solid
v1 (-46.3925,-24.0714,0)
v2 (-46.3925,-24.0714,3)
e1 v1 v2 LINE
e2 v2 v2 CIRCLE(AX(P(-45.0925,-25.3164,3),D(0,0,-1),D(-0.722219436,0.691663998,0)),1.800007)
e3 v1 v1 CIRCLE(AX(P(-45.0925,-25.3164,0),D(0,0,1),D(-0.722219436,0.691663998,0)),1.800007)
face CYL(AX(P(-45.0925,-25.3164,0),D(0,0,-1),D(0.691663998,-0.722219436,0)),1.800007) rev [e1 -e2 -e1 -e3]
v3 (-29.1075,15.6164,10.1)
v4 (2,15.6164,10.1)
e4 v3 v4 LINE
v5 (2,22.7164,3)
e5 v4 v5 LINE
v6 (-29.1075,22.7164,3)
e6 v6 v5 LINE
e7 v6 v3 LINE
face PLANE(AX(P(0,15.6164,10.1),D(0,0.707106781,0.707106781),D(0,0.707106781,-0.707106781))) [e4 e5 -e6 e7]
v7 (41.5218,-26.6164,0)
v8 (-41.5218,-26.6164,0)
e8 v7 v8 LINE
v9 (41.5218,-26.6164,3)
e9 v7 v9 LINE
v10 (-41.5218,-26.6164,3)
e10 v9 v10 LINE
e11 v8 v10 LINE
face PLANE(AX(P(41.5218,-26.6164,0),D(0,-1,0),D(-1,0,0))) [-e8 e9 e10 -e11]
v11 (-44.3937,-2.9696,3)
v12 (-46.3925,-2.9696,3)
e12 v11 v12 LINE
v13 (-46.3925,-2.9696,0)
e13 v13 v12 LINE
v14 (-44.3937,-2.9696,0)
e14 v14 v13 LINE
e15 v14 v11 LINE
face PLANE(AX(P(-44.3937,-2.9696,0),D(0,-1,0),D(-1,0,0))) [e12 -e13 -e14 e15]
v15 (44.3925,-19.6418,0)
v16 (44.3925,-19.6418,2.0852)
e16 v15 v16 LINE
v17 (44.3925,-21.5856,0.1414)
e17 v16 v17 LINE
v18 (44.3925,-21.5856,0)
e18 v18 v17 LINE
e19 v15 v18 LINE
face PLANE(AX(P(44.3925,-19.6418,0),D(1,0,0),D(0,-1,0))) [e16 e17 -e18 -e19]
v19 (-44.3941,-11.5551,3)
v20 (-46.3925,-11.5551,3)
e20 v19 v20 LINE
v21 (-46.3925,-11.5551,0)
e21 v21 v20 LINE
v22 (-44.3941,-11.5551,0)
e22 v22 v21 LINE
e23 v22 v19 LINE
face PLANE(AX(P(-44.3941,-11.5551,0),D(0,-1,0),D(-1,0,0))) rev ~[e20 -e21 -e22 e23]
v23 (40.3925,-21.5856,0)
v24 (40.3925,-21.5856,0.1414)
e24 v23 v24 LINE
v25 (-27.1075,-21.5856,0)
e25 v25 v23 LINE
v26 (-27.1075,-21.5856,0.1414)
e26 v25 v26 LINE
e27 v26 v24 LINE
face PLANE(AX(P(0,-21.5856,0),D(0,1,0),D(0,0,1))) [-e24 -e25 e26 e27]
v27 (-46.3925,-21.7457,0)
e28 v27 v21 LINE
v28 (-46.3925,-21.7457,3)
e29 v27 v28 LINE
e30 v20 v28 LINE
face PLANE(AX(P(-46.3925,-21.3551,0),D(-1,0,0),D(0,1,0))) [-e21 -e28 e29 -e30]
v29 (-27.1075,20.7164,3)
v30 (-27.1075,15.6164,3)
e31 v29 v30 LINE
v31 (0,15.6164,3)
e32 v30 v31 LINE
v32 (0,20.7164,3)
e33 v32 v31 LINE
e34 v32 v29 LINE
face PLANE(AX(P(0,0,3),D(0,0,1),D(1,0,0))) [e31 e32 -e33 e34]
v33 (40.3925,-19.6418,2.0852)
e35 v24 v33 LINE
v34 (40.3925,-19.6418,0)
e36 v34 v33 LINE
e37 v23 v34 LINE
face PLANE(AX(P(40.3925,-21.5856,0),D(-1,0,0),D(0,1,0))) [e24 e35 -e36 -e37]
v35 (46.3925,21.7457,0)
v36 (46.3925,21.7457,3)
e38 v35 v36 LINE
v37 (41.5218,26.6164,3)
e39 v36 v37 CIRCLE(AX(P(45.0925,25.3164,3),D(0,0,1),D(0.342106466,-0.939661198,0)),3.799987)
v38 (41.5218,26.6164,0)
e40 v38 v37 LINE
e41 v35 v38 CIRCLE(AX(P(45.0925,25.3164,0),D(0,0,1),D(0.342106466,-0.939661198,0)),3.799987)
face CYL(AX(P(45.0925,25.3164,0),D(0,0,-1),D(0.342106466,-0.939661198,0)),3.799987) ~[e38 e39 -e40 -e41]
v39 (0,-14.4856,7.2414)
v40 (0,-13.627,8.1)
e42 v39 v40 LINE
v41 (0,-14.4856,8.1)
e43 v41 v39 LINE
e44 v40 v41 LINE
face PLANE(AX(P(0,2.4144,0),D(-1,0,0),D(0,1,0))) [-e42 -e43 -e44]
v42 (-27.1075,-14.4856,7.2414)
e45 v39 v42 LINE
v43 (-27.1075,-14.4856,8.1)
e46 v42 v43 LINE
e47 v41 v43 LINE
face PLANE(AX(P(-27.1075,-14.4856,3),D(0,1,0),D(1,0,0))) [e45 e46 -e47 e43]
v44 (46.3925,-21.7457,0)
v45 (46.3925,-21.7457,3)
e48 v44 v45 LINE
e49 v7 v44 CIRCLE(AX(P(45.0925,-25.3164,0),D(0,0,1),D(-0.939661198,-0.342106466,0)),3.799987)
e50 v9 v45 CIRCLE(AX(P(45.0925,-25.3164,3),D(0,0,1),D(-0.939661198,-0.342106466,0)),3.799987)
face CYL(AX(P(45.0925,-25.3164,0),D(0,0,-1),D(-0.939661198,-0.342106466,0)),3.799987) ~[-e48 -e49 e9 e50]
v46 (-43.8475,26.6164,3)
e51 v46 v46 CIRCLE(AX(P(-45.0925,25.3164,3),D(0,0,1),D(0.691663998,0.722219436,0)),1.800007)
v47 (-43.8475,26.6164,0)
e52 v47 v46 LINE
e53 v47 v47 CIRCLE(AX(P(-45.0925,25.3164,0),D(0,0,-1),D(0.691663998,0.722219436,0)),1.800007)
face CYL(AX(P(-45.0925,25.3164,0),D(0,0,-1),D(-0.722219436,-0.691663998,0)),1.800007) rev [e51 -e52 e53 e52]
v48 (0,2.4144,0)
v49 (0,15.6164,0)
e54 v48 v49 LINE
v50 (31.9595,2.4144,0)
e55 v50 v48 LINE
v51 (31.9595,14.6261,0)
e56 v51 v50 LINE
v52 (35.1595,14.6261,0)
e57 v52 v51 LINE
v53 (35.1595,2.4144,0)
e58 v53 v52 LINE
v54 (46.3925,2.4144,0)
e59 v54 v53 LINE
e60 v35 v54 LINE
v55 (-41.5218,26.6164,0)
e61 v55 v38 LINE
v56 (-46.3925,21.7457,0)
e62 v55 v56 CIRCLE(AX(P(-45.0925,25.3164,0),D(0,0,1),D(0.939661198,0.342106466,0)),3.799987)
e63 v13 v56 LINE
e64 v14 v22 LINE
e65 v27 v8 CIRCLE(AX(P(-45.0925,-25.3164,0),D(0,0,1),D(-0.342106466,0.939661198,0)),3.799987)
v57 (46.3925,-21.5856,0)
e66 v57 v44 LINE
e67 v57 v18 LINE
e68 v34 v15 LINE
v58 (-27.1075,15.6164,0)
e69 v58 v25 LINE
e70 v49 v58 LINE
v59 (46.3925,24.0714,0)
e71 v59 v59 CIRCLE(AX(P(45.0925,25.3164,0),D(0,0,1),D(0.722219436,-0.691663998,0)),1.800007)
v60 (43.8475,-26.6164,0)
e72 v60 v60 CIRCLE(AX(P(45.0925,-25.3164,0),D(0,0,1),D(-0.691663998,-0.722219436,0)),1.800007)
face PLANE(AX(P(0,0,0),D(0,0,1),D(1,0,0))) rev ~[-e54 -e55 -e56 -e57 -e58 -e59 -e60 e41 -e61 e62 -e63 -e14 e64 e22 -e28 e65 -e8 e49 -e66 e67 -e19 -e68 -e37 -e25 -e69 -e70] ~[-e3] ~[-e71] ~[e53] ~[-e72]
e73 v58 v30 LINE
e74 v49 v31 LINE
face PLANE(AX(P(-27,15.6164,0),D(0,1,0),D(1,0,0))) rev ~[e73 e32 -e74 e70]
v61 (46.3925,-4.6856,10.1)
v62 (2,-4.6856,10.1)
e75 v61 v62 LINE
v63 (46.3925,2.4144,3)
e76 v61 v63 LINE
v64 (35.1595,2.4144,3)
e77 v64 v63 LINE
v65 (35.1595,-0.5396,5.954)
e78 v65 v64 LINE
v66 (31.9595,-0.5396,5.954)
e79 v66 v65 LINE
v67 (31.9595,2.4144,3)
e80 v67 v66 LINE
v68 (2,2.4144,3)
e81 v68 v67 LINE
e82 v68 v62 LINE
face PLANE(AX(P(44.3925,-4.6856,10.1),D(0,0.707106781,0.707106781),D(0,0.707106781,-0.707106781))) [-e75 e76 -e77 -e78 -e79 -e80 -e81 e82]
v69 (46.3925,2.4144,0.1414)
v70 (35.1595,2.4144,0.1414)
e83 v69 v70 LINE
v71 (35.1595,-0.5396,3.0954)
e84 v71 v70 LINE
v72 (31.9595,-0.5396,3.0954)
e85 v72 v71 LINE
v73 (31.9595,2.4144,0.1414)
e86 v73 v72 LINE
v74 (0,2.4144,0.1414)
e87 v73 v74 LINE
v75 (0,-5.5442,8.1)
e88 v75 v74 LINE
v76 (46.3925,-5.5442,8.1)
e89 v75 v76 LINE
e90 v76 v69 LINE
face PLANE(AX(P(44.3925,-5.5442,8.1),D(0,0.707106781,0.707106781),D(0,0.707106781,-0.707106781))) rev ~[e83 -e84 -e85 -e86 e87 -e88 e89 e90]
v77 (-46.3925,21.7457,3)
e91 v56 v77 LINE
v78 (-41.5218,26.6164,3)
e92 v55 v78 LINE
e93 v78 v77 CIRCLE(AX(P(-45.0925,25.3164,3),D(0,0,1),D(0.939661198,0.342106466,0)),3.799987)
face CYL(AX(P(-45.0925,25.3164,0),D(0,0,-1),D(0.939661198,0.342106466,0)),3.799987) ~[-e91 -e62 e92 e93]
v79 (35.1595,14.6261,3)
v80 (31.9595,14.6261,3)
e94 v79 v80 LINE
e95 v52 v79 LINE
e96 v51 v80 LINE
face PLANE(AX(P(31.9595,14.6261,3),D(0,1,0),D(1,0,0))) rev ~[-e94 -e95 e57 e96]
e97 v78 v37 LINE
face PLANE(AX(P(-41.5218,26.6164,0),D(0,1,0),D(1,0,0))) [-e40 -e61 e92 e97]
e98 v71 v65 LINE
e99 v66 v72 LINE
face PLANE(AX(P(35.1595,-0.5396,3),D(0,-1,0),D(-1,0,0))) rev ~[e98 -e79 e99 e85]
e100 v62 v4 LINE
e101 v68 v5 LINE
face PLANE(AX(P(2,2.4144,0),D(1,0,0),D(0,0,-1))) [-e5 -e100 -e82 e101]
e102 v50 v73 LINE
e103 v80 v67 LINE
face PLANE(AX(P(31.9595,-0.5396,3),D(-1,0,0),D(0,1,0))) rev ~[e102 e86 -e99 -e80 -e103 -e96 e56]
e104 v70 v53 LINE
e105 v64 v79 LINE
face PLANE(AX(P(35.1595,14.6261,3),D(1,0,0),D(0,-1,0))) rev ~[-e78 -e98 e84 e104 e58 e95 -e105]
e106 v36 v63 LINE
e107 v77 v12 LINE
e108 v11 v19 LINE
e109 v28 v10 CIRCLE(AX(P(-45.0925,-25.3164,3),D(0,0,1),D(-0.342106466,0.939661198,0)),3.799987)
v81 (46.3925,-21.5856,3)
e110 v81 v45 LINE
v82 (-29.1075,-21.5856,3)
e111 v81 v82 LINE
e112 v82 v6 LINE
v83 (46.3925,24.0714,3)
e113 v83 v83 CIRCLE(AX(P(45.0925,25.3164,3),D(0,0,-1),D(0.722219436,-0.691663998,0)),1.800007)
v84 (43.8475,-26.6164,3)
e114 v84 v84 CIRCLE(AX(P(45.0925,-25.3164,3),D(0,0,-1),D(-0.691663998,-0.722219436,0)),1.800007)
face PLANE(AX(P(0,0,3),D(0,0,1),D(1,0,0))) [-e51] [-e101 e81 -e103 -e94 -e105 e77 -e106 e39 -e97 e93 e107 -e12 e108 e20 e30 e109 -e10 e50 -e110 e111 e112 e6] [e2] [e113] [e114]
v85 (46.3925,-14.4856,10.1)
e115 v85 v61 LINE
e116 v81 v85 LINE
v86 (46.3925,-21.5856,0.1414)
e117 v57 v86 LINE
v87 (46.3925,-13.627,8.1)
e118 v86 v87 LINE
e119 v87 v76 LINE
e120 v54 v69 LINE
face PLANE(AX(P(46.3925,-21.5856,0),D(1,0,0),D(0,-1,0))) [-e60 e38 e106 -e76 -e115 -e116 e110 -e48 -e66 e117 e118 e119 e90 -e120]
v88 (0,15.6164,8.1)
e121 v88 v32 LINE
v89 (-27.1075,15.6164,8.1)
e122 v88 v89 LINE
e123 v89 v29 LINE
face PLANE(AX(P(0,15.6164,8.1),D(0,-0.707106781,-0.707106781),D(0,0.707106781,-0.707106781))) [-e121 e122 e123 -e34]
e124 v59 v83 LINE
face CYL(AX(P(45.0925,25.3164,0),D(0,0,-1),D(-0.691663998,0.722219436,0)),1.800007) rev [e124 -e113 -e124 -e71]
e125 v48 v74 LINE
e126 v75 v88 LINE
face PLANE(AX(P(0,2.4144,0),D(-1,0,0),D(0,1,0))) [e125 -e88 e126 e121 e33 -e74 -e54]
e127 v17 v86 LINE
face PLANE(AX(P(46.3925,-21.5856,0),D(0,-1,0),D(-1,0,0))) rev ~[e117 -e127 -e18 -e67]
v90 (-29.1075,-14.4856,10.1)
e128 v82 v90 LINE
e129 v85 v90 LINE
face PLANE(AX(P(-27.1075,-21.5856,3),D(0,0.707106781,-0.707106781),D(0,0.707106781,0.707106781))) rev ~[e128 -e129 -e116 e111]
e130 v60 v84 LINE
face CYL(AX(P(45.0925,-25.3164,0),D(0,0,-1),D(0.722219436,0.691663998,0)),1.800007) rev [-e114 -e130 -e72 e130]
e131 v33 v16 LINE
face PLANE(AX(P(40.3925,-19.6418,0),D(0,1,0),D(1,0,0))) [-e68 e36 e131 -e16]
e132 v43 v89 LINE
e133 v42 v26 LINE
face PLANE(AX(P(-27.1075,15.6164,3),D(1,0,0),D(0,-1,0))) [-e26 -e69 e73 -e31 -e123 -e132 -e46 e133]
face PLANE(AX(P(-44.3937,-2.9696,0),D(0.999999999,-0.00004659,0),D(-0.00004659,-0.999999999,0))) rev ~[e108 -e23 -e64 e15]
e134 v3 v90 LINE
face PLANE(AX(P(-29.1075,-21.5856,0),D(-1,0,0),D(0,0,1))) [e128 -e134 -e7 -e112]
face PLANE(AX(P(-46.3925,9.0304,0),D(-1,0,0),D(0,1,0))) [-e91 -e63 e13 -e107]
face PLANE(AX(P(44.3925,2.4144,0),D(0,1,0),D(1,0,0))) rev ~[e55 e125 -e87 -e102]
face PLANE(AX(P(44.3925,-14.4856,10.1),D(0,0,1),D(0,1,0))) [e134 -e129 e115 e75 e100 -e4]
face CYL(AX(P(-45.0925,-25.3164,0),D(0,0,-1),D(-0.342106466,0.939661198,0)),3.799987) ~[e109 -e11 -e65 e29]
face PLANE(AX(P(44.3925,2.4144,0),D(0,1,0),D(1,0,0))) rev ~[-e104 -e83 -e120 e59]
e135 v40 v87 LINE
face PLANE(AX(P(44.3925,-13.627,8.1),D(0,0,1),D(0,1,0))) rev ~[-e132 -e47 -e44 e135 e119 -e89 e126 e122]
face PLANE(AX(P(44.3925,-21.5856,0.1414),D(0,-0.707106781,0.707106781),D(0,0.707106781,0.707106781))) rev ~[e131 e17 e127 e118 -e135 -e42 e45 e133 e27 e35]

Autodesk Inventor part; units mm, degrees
ref_plane "YZ Plane" through (0, 0, 0) normal (1, 0, 0) x (0, 1, 0)
ref_plane "XZ Plane" through (0, 0, 0) normal (0, 1, 0) x (-1, 0, 0)
ref_plane "XY Plane" through (0, 0, 0) normal (0, 0, 1) x (1, 0, 0)
sketch "Sketch1" plane through (0, 0, 0) normal (0, 0, 1) x (1, 0, 0)
  arc A0 (-46.3925, 24.0714) -> (-43.8475, 26.6164) centre (-45.0925, 25.3164) ccw
  line L0 (-46.3925, 9.0304) -> (-46.3925, 24.0714)
  line L1 (-46.3925, 9.0304) -> (-44.3931, 9.0304)
  line L2 (-44.3925, 21.1036) -> (-44.3931, 9.0304)
  arc A1 (-44.3925, 21.1036) -> (-40.8797, 24.6164) centre (-43.8925, 24.1164) ccw
  line L3 (40.9925, 24.6164) -> (-40.8797, 24.6164)
  line L4 (40.9925, 16.6164) -> (40.9925, 24.6164)
  line L5 (44.3925, 16.6164) -> (40.9925, 16.6164)
  line L6 (44.3925, 2.4144) -> (44.3925, 16.6164)
  line L7 (44.3925, 2.4144) -> (46.3925, 2.4144)
  line L8 (46.3925, 24.0714) -> (46.3925, 2.4144)
  arc A2 (43.8475, 26.6164) -> (46.3925, 24.0714) centre (45.0925, 25.3164) ccw
  line L9 (-43.8475, 26.6164) -> (43.8475, 26.6164)
  arc A3 (-43.8475, -26.6164) -> (-46.3925, -24.0714) centre (-45.0925, -25.3164) ccw
  line L10 (43.8475, -26.6164) -> (-43.8475, -26.6164)
  arc A4 (46.3925, -24.0714) -> (43.8475, -26.6164) centre (45.0925, -25.3164) ccw
  line L11 (46.3925, -21.5856) -> (46.3925, -24.0714)
  line L12 (46.3925, -21.5856) -> (44.3925, -21.5856)
  line L13 (44.3925, -19.6418) -> (44.3925, -21.5856)
  line L14 (40.3925, -19.6418) -> (44.3925, -19.6418)
  line L15 (40.3925, -24.6418) -> (40.3925, -19.6418)
  line L16 (-40.8818, -24.6418) -> (40.3925, -24.6418)
  arc A5 (-40.8818, -24.6418) -> (-42.6446, -21.3551) centre (-43.8945, -24.1416) ccw
  line L17 (-46.3925, -21.3551) -> (-42.6446, -21.3551)
  line L18 (-46.3925, -24.0714) -> (-46.3925, -21.3551)
  line L19 (-46.3925, -21.7457) -> (-46.3925, -24.0714)
  arc A6 (-46.3925, -21.7457) -> (-41.5218, -26.6164) centre (-45.0925, -25.3164) ccw
  line L20 (-43.8475, -26.6164) -> (-41.5218, -26.6164)
  arc A7 (-46.3925, -24.0714) -> (-43.8475, -26.6164) centre (-45.0925, -25.3164) ccw
  line L21 (41.5218, -26.6164) -> (43.8475, -26.6164)
  arc A8 (41.5218, -26.6164) -> (46.3925, -21.7457) centre (45.0925, -25.3164) ccw
  line L22 (46.3925, -24.0714) -> (46.3925, -21.7457)
  arc A9 (43.8475, -26.6164) -> (46.3925, -24.0714) centre (45.0925, -25.3164) ccw
  line L23 (46.3925, 21.7457) -> (46.3925, 24.0714)
  arc A10 (46.3925, 21.7457) -> (41.5218, 26.6164) centre (45.0925, 25.3164) ccw
  line L24 (43.8475, 26.6164) -> (41.5218, 26.6164)
  arc A11 (46.3925, 24.0714) -> (43.8475, 26.6164) centre (45.0925, 25.3164) ccw
  line L25 (-41.5218, 26.6164) -> (-43.8475, 26.6164)
  arc A12 (-41.5218, 26.6164) -> (-46.3925, 21.7457) centre (-45.0925, 25.3164) ccw
  line L26 (-46.3925, 24.0714) -> (-46.3925, 21.7457)
  arc A13 (-43.8475, 26.6164) -> (-46.3925, 24.0714) centre (-45.0925, 25.3164) ccw
  line L27 (44.3925, 2.4144) -> (0, 2.4144)
  line L28 (0, 2.4144) -> (0, 24.6164)
  line L29 (44.3925, -21.5856) -> (0, -21.5856)
  line L30 (-44.3937, -2.9696) -> (-46.3925, -2.9696)
  line L31 (-46.3925, -11.5551) -> (-46.3925, -2.9696)
  line L32 (-44.3941, -11.5551) -> (-46.3925, -11.5551)
  line L33 (-44.3937, -2.9696) -> (-44.3941, -11.5551)
  line L34 (-46.3925, -21.7457) -> (-46.3925, -11.5551)
  line L35 (-46.3925, -2.9696) -> (-46.3925, 9.0304)
  line L36 (0, -11.3836) -> (-27, -11.3836)
  line L37 (-27, -11.3836) -> (-27, 15.6164)
  line L38 (-27, 15.6164) -> (0, 15.6164)
  line L39 (0, 15.6164) -> (0, -11.3836)
  line L40 (0, -11.3836) -> (0, -21.5856)
  point P0 (0, 0)
  point P1 (40.3925, -21.5856)
  point P2 (0, 15.6164)
extrude "Extrusion1" add sketch "Sketch1" along normal blind 3 contours A0 L9 A2 L8 L7 L6 L5 L4 L3 A1 L2 L1 L0 | L0 A12 L9 A13 | L1 L2 A1 L3 L28 L38 L37 L36 L40 L29 L15 L16 A5 L17 L34 L32 L33 L30 L35 | A10 L8 A11 L9 | L17 A5 L16 L15 L29 L12 L11 A4 L10 A3 L18 | L27 L28 L3 L4 L5 L6 | L18 A7 L10 A6 | L10 A9 L11 A8 | L15 L14 L13 L29
sketch "Sketch2" plane through (44.3925, -21.5856, 0) normal (1, 0, 0) x (0, 0, -1)
  line L0 (0, 0) -> (-8, 8) projected
  line L1 (-8, 16) -> (0, 24) projected
  line L2 (-8, 8) -> (-8, 16) projected
  line L3 (-0.0707, -0.0707) -> (-8.1, 7.9586)
  line L4 (-8.1, 7.9586) -> (-8.1, 16.0414)
  line L5 (-8.1, 16.0414) -> (-0.0707, 24.0707)
  line L6 (0, 0) -> (-3, 0) projected
  line L7 (0, 24) -> (-3, 24) projected
  line L8 (-3, 0) -> (-10.1, 7.1)
  line L9 (-10.1, 7.1) -> (-10.1, 16.9)
  line L10 (-10.1, 16.9) -> (-3, 24)
  point P0 (0, 21.5856)
  point P1 (-0.1414, 24)
  point P2 (-0.1414, 0)
  dimension "d5" = 0.1
  dimension "d6" = 2
extrude "Extrusion2" add sketch "Sketch2" along normal blind 2 and the other way blind 71.5 contours L6 L8 L9 L10 L7 L5 L4 L3
sketch "Sketch3" plane through (0, 0, 3) normal (0, 0, 1) x (1, 0, 0)
  line L0 (0, 15.6164) -> (0, 2.4144) projected
  line L1 (-27.1075, -21.5856) -> (-27.1075, -14.4856) projected
  line L2 (0, 15.6164) -> (-27.1075, 15.6164)
  line L3 (-27.1075, 15.6164) -> (-27.1075, -14.4856)
  line L4 (-27.1075, -14.4856) -> (0, -14.4856)
  line L5 (0, -14.4856) -> (0, 15.6164)
  point P0 (0, 0)
  point P1 (0, 2.4144)
extrude "Extrusion3" cut sketch "Sketch3" along normal blind 10 and the other way blind 3.25
sketch "Sketch4" plane through (0, 2.4144, 0) normal (-1, 0, 0) x (0, 0, 1)
  line L0 (10.1, -16.9) -> (7.2414, -16.9) projected
  line L1 (8.1, -16.0414) -> (8.1, -7.9586) projected
  line L2 (8.1, -15.8474) -> (8.1, -16.9)
  line L3 (8.1, -16.9) -> (10.1, -16.9)
  line L4 (10.1, -16.9) -> (10.1, 13.202)
  line L5 (10.1, 13.202) -> (8.1, 13.202)
  line L6 (8.1, 13.202) -> (8.1, -16.9)
  line L7 (10.1, 13.202) -> (2.1168, 21.1852)
  line L8 (10.1, 13.202) -> (21.3899, 13.202) construction
  line L9 (3, 13.202) -> (3, 0) projected
  line L10 (3, 0) -> (3, 19.3313) projected
  line L11 (3, 19.3313) -> (3, 24.202) projected
  line L12 (3, 24.202) -> (3, 19.3313) projected
  line L13 (3, 19.3313) -> (3, -5.384) projected
  line L14 (3, -5.384) -> (3, -13.9695) projected
  line L15 (3, -13.9695) -> (3, -24.1601) projected
  line L16 (3, -24.1601) -> (3, -29.0308) projected
  line L17 (3, -29.0308) -> (3, -24.1601) projected
  line L18 (3, -24.1601) -> (3, -24) projected
  line L19 (3, -24) -> (3, -21.1414) projected
  line L20 (3, -21.1414) -> (3, -16.9) projected
  line L21 (3, -16.9) -> (3, 13.202) projected
  line L22 (3, 24.702) -> (3, 21.102) projected
  line L23 (3, -25.9308) -> (3, -29.5308) projected
  line L24 (3, -25.9308) -> (3, -29.5308) projected
  line L25 (3, 24.702) -> (3, 21.102) projected
  line L26 (8.1, 13.202) -> (3, 18.302)
  point P0 (0, -2.4144)
  point P1 (10.1, -7.1)
  point P2 (8.1, -7.9586)
  point P3 (3, 20.302)
  point P4 (3, 18.302)
  dimension "d15" = 135
extrude "Extrusion4" add sketch "Sketch4" along normal up to surface (27.1075 mm away)
sketch "Sketch5" plane through (0, 2.4144, 0) normal (1, 0, 0) x (0, 0, -1)
  line L0 (-10.1, -7.1) -> (-10.1, 13.202) projected
  line L1 (-8.1, -5.1) -> (-10.1, -7.1) projected
  line L2 (-8.1, 13.202) -> (-8.1, -5.1) projected
  line L3 (-3, 18.302) -> (-8.1, 13.202) projected
  line L4 (-3, 20.302) -> (-3, 18.302) projected
  line L5 (-10.1, 13.202) -> (-3, 20.302) projected
  line L6 (-10.1, -7.1) -> (-10.1, 13.202) projected
  line L7 (-3, 18.302) -> (-3, 0)
  line L8 (-3, 0) -> (-8.1, -5.1)
  point P0 (0, -2.4144)
  point P1 (-10.1, 13.202)
extrude "Extrusion5" add sketch "Sketch5" along normal blind 2
sketch "Sketch6" plane through (-27.1075, -21.5856, 0) normal (-1, 0, 0) x (0, 0, 1)
  line L0 (8.1, 7.1) -> (7.2414, 7.1) projected
  line L1 (7.2414, 7.1) -> (3, 2.8586) projected
  line L2 (3, 0) -> (3, 2.8586) projected
  line L3 (3, 0) -> (10.1, 7.1) projected
  line L4 (10.1, 37.202) -> (10.1, 7.1) projected
  line L5 (3, 44.302) -> (10.1, 37.202) projected
  line L6 (3, 42.302) -> (3, 44.302) projected
  line L7 (8.1, 37.202) -> (3, 42.302) projected
  line L8 (8.1, 7.1) -> (8.1, 37.202) projected
  line L9 (3, 0) -> (14.0396, 0)
  line L10 (14.0396, 0) -> (14.0396, 45.0941)
  line L11 (14.0396, 45.0941) -> (3, 45.0941)
  line L12 (3, 45.0941) -> (3, 0)
  point P0 (0, 21.5856)
  point P1 (3, 2.8586)
extrude "Extrusion6" add sketch "Sketch6" along normal blind 2 contours L8 L7 L6 L5 L4 L3 L2 L1 L0 | L0 L1 L12 L7 L8
sketch "Sketch7" plane through (0, -21.5856, 0) normal (1, 0, 0) x (0, 0, -1)
  line L0 (0, 7.1) -> (-3, 7.1) projected
  line L1 (-3, 2.8586) -> (-3, 7.1) projected
  line L2 (-3, 2.8586) -> (-0.1414, 0) projected
  line L3 (0, 0) -> (-0.1414, 0) projected
  line L4 (0, 0) -> (0, 7.1) projected
  point P0 (0, 21.5856)
extrude "Extrusion7" cut sketch "Sketch7" against normal up to surface (27.1075 mm away)
sketch "Sketch8" plane through (0, 0, 3) normal (0, 0, 1) x (1, 0, 0)
  line L0 (35.1595, -0.5396) -> (31.9595, -0.5396)
  line L1 (31.9595, -0.5396) -> (31.9595, 14.6261)
  line L2 (31.9595, 14.6261) -> (35.1595, 14.6261)
  line L3 (35.1595, 14.6261) -> (35.1595, -0.5396)
  line L4 (34.1345, -0.0368) -> (34.1345, -0.9368) projected
  line L5 (32.9845, -0.0368) -> (32.9845, -0.9368) projected
  line L6 (32.9845, -0.7101) -> (34.1345, -0.7101)
  line L7 (33.5595, -0.7101) -> (33.5595, 14.6138)
  point P0 (0, 0)
  dimension "d24" = 3.2
  dimension "d25" = 1.6
extrude "Extrusion8" cut sketch "Sketch8" along normal blind 10 and the other way blind 5 contours L0 L1 L2 L3
sketch "Sketch9" plane through (-46.3925, -2.9696, 0) normal (-1, 0, 0) x (0, 0, 1)
  line L0 (-6.415, 12) -> (0, 12) projected
  line L1 (3, 0) -> (-6.415, 0) projected
  line L2 (-6.415, 11.8) -> (0, 11.8)
  line L3 (3, 0.2) -> (-6.415, 0.2)
  line L4 (0, 5.384) -> (0, 24.7153) projected
  arc A0 (0, 9.8) -> (-2, 11.8) centre (-2, 9.8) ccw
  line L5 (0, 24.7153) -> (0, 0) projected
  arc A1 (-1.8751, 0.2) -> (0, 2.0751) centre (-1.8751, 2.0751) ccw
  point P0 (0, 2.9696)
  dimension "d30" = 0.2
  dimension "d31" = 0.2
  dimension "d32" = 2
properties part number "Top_case"
